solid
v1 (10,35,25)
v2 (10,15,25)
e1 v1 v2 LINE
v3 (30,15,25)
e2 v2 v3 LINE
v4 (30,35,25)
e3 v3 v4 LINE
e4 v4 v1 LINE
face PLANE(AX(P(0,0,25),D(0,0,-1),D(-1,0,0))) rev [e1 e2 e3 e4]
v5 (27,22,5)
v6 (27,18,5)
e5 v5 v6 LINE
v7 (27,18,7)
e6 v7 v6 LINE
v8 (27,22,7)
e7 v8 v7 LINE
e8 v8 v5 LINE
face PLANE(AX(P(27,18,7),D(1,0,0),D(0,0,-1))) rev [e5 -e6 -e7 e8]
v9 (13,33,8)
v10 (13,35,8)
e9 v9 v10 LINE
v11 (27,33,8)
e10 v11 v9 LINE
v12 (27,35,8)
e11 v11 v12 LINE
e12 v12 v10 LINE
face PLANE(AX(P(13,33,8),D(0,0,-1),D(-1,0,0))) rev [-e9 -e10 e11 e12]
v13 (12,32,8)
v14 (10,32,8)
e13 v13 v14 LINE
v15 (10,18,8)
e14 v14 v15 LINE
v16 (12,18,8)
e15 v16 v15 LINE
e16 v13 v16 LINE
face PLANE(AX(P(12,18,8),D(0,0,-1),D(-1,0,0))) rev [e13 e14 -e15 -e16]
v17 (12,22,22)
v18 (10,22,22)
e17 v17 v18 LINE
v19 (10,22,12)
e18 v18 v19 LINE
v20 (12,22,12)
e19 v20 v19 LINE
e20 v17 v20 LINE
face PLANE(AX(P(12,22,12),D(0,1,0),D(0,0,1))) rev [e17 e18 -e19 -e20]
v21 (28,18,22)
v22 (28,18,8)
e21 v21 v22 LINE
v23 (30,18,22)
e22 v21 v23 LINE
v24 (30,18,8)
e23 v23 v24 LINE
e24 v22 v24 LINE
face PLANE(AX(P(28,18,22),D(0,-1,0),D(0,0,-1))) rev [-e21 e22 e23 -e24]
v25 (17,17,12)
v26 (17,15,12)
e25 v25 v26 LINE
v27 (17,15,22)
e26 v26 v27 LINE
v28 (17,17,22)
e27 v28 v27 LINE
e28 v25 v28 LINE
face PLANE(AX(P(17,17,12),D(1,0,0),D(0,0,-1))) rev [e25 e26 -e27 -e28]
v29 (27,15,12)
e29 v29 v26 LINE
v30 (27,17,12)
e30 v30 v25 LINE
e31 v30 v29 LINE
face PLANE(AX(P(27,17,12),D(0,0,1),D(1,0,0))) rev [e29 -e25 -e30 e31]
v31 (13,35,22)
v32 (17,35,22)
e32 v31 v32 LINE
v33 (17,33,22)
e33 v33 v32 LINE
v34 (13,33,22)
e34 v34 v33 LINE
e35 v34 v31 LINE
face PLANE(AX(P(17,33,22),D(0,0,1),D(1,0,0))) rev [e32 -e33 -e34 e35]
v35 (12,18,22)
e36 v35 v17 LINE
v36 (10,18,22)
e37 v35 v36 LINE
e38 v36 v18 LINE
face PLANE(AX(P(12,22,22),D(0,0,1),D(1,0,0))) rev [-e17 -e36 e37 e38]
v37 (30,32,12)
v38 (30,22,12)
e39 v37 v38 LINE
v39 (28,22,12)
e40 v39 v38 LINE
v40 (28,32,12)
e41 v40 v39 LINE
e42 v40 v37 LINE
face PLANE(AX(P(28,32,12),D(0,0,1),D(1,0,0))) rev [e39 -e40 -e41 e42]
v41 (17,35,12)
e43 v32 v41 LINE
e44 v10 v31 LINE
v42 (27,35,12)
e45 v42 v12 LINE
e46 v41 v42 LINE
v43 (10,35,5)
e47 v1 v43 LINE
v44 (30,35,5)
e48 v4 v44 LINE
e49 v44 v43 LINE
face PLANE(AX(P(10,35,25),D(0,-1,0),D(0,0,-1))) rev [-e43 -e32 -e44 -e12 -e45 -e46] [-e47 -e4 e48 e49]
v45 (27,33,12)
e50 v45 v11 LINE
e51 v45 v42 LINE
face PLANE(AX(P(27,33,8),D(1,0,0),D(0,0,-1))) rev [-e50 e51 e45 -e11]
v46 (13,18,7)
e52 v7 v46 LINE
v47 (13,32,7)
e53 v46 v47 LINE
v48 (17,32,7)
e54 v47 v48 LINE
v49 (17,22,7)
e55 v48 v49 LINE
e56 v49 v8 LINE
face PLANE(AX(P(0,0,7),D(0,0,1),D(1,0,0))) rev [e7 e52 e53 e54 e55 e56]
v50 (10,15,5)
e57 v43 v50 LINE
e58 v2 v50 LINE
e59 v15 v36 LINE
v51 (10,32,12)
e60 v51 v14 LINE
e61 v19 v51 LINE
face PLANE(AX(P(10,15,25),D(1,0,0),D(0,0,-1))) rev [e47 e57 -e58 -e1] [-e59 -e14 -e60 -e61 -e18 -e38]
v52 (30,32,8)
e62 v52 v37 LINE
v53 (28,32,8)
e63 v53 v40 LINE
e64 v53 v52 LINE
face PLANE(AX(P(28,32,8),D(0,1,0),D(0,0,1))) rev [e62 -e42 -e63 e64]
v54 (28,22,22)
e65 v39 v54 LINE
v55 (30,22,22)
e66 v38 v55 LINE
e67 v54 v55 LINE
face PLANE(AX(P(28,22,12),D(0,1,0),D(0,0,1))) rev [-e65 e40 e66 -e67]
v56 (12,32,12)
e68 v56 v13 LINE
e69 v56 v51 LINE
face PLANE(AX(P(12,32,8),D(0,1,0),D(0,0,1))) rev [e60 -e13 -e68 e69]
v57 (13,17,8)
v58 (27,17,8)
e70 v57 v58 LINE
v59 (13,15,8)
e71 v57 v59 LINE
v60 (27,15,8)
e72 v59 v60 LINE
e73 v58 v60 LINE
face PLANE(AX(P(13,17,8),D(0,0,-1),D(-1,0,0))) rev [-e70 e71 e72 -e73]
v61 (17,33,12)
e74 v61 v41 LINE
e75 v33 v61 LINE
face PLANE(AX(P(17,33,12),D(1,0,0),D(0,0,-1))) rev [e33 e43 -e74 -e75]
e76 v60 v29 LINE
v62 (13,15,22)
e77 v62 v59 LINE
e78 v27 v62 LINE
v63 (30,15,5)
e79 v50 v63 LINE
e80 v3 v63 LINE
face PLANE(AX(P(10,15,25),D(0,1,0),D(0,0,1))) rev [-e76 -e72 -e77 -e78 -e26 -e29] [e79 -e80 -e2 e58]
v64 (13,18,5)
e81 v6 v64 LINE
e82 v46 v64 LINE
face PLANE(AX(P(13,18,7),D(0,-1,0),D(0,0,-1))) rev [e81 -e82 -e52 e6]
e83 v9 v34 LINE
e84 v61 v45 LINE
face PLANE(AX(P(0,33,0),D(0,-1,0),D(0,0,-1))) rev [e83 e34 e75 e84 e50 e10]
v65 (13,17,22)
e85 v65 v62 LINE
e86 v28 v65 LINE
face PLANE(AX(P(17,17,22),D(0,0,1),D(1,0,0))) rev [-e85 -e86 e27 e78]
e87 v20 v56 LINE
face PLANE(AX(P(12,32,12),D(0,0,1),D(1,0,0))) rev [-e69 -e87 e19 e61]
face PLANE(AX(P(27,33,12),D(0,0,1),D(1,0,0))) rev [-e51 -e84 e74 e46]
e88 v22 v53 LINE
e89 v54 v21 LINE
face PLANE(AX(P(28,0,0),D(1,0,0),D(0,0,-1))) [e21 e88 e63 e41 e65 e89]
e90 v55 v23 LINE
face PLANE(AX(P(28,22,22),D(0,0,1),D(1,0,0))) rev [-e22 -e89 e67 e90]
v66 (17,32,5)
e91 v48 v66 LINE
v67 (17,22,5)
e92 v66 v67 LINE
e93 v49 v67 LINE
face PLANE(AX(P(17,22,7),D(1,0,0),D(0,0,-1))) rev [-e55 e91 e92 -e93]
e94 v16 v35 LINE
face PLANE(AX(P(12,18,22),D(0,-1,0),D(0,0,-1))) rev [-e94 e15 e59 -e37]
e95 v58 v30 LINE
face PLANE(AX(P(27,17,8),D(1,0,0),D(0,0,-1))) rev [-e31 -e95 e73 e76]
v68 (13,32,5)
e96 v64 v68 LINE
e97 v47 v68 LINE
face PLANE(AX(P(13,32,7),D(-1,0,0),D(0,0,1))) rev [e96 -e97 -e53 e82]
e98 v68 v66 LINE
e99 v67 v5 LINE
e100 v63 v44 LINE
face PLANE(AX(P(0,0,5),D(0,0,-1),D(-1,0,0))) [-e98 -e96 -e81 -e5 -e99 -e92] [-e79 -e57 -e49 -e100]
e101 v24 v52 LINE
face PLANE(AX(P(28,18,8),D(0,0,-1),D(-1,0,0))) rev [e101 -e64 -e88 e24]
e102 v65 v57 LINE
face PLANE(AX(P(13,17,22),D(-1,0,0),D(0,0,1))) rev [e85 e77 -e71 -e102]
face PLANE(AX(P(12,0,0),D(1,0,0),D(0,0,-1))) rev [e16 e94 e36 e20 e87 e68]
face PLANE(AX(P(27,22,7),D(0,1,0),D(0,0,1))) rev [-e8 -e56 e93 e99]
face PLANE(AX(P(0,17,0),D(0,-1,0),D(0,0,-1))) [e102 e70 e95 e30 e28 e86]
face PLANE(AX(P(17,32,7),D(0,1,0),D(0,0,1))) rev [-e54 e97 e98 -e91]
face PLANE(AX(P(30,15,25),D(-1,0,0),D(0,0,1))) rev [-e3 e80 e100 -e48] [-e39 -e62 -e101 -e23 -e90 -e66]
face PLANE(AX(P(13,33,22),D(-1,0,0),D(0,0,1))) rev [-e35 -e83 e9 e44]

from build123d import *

# Parameters (mm, degrees)
SKETCH1_W           = 20
SKETCH1_H           = 20
BOSS_EXTRUDE1_DEPTH = 20
CUT_EXTRUDE1_DEPTH  = 2
CUT_EXTRUDE2_DEPTH  = 2
CUT_EXTRUDE3_DEPTH  = 2
CUT_EXTRUDE4_DEPTH  = 2
CUT_EXTRUDE5_DEPTH  = 2


with BuildPart() as part:
    # Sketch1 → Boss-Extrude1 (new body)
    with BuildSketch(Plane.XY.offset(5)):
        with Locations((20, 25)):
            Rectangle(SKETCH1_W, SKETCH1_H)
    extrude(amount=BOSS_EXTRUDE1_DEPTH)

    # Sketch2 → Cut-Extrude1 (cut)
    with BuildSketch(Plane(origin=(30, 0, 0), x_dir=(0, 0, -1), z_dir=(1, 0, 0))):
        Polygon((-8, 18), (-8, 32), (-12, 32), (-12, 22), (-22, 22), (-22, 18), align=None)
    extrude(amount=-CUT_EXTRUDE1_DEPTH, mode=Mode.SUBTRACT)

    # Sketch3 → Cut-Extrude2 (cut)
    with BuildSketch(Plane.ZY.offset(-10)):
        Polygon((8, 18), (8, 32), (12, 32), (12, 22), (22, 22), (22, 18), align=None)
    extrude(amount=-CUT_EXTRUDE2_DEPTH, mode=Mode.SUBTRACT)

    # Sketch4 → Cut-Extrude3 (cut)
    with BuildSketch(Plane(origin=(0, 35, 0), x_dir=(1, 0, 0), z_dir=(0, 1, 0))):
        Polygon((13, -8), (27, -8), (27, -12), (17, -12), (17, -22), (13, -22), align=None)
    extrude(amount=-CUT_EXTRUDE3_DEPTH, mode=Mode.SUBTRACT)

    # Sketch5 → Cut-Extrude4 (cut)
    with BuildSketch(Plane.XZ.offset(-15)):
        Polygon((13, 8), (27, 8), (27, 12), (17, 12), (17, 22), (13, 22), align=None)
    extrude(amount=-CUT_EXTRUDE4_DEPTH, mode=Mode.SUBTRACT)

    # Sketch6 → Cut-Extrude5 (cut)
    with BuildSketch(Plane(origin=(0, 0, 5), x_dir=(-1, 0, 0), z_dir=(0, 0, -1))):
        Polygon((-13, 18), (-27, 18), (-27, 22), (-17, 22), (-17, 32), (-13, 32), align=None)
    extrude(amount=-CUT_EXTRUDE5_DEPTH, mode=Mode.SUBTRACT)


solid = part.part
